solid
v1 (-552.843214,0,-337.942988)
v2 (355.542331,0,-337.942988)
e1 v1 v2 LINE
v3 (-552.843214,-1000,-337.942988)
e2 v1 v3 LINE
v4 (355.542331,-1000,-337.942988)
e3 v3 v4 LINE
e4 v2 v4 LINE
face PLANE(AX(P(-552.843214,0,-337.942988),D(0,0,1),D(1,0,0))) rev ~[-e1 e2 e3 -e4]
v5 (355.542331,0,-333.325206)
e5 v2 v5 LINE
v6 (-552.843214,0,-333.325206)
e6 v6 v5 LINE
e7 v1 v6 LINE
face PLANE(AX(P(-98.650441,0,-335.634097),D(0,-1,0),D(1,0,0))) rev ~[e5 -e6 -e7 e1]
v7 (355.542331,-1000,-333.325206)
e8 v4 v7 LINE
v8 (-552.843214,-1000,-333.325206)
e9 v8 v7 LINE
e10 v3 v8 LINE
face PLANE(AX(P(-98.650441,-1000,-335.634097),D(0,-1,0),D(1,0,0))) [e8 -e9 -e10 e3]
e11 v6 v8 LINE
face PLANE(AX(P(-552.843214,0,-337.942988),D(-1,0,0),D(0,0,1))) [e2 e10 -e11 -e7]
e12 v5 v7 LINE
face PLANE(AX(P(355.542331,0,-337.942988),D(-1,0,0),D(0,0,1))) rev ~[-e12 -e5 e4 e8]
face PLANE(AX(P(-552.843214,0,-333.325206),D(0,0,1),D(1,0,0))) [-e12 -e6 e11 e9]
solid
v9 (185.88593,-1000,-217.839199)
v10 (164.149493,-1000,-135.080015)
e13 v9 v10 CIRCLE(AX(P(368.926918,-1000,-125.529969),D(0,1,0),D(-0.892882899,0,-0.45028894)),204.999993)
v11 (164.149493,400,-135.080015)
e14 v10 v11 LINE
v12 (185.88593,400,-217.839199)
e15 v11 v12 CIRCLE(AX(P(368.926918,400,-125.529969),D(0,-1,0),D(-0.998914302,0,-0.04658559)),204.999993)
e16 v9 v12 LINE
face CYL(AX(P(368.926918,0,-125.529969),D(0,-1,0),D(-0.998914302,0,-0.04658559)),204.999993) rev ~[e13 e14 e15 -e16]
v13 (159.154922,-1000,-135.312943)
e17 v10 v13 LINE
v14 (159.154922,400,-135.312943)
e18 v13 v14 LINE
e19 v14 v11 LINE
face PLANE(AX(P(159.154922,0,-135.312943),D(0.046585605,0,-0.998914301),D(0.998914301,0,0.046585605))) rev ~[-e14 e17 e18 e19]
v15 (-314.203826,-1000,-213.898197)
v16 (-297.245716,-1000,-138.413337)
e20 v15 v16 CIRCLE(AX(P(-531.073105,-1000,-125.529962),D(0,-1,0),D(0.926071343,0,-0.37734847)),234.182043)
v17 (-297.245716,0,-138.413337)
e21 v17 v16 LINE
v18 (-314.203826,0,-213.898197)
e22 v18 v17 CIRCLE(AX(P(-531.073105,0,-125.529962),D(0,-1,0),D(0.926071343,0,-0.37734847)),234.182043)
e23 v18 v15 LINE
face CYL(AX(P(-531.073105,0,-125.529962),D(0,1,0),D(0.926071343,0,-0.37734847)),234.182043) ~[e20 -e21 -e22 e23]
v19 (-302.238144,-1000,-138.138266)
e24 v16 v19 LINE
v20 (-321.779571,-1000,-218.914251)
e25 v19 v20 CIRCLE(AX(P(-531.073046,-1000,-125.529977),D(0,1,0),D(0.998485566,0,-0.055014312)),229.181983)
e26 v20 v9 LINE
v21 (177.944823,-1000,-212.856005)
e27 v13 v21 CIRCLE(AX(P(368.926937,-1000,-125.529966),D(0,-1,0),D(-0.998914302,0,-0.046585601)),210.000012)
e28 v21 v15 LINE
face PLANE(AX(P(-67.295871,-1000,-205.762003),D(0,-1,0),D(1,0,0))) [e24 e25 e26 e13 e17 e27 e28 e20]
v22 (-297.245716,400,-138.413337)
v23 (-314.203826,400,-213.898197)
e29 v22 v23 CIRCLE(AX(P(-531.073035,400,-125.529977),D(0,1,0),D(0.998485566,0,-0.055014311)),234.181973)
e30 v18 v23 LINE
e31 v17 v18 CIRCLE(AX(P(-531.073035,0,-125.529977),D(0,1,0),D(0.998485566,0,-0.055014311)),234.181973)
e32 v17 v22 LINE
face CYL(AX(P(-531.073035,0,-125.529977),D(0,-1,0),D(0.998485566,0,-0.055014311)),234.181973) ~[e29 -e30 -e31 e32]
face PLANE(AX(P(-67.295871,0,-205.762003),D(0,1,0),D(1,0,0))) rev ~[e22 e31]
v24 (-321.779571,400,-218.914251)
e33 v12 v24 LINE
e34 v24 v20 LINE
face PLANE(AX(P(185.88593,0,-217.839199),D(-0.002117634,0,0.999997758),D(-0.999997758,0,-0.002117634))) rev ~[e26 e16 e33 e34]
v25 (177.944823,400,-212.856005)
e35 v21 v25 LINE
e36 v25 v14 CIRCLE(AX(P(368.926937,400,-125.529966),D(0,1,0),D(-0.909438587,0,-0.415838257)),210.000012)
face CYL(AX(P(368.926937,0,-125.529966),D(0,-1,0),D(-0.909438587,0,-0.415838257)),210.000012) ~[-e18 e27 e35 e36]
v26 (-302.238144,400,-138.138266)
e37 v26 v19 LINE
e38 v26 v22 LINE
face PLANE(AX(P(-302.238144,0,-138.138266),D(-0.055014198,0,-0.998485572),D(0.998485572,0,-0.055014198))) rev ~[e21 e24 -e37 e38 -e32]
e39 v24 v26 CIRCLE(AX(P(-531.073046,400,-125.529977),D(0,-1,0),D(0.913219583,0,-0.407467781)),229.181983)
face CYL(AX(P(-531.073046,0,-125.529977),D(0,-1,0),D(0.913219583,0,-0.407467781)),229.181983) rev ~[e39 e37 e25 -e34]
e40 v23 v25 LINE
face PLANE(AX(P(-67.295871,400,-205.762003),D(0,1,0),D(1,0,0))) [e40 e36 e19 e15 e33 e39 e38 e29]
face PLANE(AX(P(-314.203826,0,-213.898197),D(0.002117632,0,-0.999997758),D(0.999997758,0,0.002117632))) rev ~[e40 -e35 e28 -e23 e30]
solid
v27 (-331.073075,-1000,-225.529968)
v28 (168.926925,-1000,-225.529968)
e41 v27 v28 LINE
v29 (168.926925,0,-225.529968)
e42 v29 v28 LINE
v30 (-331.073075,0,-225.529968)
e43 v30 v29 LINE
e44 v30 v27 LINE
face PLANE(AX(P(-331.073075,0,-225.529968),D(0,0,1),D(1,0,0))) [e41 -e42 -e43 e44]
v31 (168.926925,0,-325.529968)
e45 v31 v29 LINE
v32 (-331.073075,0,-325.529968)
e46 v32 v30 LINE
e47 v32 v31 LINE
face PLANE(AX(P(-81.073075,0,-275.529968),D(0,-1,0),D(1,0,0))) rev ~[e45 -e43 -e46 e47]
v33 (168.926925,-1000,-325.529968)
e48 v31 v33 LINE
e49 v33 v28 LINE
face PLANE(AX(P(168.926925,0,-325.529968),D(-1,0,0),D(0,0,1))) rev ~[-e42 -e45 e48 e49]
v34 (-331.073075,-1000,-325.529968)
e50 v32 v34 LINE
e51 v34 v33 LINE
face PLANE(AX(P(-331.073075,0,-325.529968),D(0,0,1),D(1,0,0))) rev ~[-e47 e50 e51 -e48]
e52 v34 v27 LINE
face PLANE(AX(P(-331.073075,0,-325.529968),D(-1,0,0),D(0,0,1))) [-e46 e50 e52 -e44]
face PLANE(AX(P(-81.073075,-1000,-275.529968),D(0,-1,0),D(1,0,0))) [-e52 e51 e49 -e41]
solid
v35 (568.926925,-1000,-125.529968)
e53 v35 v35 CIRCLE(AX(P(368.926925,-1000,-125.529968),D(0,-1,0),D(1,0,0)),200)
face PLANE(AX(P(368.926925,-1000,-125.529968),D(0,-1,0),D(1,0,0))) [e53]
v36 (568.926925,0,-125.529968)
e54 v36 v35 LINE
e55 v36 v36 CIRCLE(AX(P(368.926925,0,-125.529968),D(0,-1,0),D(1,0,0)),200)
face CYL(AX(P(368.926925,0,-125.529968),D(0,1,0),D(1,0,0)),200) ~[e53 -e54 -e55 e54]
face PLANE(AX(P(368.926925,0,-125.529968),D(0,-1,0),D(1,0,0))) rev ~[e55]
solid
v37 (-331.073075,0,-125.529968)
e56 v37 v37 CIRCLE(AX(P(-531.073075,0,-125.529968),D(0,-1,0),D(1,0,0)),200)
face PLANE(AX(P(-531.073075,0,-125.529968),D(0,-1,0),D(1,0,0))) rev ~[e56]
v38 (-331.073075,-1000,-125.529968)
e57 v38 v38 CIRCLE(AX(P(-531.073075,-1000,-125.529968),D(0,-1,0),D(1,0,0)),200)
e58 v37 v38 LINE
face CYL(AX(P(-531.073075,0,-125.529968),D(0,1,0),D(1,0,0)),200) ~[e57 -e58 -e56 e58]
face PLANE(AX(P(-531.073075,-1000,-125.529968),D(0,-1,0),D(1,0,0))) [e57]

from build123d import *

# Parameters (mm, degrees)
F0_R     = 200
F0_W     = 500
F0_H     = 100
F0_W_2   = 908.385545
F0_H_2   = 4.617781
F1_DEPTH = 1000
F2_DEPTH = 400


with BuildPart() as f1:
    # F0 (on Front) → F1 (new body)
    with BuildSketch(Plane.XZ):
        with Locations((-531.073075, -125.529968)):
            Circle(F0_R)
        with Locations((-81.073075, -275.529968)):
            Rectangle(F0_W, F0_H)
        with Locations((368.926925, -125.529968)):
            Circle(F0_R)
        with Locations((-98.650441, -335.634097)):
            Rectangle(F0_W_2, F0_H_2)
        with BuildLine():
            ThreePointArc((-302.238144, -138.138266), (-308.316882, -179.419426), (-321.779571, -218.914251))
            Line((-321.779571, -218.914251), (185.88593, -217.839199))
            ThreePointArc((185.88593, -217.839199), (170.651728, -177.606319), (164.149493, -135.080015))
            Line((164.149493, -135.080015), (159.154922, -135.312943))
            ThreePointArc((159.154922, -135.312943), (164.833332, -174.98505), (177.944823, -212.856005))
            Line((177.944823, -212.856005), (-314.203826, -213.898197))
            ThreePointArc((-314.203826, -213.898197), (-302.585988, -176.860913), (-297.245716, -138.413337))
            Line((-297.245716, -138.413337), (-302.238144, -138.138266))
        make_face()
    extrude(amount=F1_DEPTH)

    # F1_face (on face) → F2 (join)
    with BuildSketch(Plane(origin=(-67.288015, 0, -206.266635), x_dir=(1, 0, 0), z_dir=(0, 1, 0))):
        with BuildLine():
            ThreePointArc((-229.957701, -67.853298), (-235.297972, -29.405722), (-246.915811, 7.631562))
            Line((-246.915811, 7.631562), (245.232838, 6.58937))
            ThreePointArc((245.232838, 6.58937), (232.121347, -31.281585), (226.442937, -70.953692))
            Line((226.442937, -70.953692), (231.437508, -71.18662))
            ThreePointArc((231.437508, -71.18662), (237.939743, -28.660316), (253.173945, 11.572564))
            Line((253.173945, 11.572564), (-254.491556, 12.647616))
            ThreePointArc((-254.491556, 12.647616), (-241.028867, -26.847209), (-234.950129, -68.128369))
            Line((-234.950129, -68.128369), (-229.957701, -67.853298))
        make_face()
    extrude(amount=F2_DEPTH)


solid = f1.part
